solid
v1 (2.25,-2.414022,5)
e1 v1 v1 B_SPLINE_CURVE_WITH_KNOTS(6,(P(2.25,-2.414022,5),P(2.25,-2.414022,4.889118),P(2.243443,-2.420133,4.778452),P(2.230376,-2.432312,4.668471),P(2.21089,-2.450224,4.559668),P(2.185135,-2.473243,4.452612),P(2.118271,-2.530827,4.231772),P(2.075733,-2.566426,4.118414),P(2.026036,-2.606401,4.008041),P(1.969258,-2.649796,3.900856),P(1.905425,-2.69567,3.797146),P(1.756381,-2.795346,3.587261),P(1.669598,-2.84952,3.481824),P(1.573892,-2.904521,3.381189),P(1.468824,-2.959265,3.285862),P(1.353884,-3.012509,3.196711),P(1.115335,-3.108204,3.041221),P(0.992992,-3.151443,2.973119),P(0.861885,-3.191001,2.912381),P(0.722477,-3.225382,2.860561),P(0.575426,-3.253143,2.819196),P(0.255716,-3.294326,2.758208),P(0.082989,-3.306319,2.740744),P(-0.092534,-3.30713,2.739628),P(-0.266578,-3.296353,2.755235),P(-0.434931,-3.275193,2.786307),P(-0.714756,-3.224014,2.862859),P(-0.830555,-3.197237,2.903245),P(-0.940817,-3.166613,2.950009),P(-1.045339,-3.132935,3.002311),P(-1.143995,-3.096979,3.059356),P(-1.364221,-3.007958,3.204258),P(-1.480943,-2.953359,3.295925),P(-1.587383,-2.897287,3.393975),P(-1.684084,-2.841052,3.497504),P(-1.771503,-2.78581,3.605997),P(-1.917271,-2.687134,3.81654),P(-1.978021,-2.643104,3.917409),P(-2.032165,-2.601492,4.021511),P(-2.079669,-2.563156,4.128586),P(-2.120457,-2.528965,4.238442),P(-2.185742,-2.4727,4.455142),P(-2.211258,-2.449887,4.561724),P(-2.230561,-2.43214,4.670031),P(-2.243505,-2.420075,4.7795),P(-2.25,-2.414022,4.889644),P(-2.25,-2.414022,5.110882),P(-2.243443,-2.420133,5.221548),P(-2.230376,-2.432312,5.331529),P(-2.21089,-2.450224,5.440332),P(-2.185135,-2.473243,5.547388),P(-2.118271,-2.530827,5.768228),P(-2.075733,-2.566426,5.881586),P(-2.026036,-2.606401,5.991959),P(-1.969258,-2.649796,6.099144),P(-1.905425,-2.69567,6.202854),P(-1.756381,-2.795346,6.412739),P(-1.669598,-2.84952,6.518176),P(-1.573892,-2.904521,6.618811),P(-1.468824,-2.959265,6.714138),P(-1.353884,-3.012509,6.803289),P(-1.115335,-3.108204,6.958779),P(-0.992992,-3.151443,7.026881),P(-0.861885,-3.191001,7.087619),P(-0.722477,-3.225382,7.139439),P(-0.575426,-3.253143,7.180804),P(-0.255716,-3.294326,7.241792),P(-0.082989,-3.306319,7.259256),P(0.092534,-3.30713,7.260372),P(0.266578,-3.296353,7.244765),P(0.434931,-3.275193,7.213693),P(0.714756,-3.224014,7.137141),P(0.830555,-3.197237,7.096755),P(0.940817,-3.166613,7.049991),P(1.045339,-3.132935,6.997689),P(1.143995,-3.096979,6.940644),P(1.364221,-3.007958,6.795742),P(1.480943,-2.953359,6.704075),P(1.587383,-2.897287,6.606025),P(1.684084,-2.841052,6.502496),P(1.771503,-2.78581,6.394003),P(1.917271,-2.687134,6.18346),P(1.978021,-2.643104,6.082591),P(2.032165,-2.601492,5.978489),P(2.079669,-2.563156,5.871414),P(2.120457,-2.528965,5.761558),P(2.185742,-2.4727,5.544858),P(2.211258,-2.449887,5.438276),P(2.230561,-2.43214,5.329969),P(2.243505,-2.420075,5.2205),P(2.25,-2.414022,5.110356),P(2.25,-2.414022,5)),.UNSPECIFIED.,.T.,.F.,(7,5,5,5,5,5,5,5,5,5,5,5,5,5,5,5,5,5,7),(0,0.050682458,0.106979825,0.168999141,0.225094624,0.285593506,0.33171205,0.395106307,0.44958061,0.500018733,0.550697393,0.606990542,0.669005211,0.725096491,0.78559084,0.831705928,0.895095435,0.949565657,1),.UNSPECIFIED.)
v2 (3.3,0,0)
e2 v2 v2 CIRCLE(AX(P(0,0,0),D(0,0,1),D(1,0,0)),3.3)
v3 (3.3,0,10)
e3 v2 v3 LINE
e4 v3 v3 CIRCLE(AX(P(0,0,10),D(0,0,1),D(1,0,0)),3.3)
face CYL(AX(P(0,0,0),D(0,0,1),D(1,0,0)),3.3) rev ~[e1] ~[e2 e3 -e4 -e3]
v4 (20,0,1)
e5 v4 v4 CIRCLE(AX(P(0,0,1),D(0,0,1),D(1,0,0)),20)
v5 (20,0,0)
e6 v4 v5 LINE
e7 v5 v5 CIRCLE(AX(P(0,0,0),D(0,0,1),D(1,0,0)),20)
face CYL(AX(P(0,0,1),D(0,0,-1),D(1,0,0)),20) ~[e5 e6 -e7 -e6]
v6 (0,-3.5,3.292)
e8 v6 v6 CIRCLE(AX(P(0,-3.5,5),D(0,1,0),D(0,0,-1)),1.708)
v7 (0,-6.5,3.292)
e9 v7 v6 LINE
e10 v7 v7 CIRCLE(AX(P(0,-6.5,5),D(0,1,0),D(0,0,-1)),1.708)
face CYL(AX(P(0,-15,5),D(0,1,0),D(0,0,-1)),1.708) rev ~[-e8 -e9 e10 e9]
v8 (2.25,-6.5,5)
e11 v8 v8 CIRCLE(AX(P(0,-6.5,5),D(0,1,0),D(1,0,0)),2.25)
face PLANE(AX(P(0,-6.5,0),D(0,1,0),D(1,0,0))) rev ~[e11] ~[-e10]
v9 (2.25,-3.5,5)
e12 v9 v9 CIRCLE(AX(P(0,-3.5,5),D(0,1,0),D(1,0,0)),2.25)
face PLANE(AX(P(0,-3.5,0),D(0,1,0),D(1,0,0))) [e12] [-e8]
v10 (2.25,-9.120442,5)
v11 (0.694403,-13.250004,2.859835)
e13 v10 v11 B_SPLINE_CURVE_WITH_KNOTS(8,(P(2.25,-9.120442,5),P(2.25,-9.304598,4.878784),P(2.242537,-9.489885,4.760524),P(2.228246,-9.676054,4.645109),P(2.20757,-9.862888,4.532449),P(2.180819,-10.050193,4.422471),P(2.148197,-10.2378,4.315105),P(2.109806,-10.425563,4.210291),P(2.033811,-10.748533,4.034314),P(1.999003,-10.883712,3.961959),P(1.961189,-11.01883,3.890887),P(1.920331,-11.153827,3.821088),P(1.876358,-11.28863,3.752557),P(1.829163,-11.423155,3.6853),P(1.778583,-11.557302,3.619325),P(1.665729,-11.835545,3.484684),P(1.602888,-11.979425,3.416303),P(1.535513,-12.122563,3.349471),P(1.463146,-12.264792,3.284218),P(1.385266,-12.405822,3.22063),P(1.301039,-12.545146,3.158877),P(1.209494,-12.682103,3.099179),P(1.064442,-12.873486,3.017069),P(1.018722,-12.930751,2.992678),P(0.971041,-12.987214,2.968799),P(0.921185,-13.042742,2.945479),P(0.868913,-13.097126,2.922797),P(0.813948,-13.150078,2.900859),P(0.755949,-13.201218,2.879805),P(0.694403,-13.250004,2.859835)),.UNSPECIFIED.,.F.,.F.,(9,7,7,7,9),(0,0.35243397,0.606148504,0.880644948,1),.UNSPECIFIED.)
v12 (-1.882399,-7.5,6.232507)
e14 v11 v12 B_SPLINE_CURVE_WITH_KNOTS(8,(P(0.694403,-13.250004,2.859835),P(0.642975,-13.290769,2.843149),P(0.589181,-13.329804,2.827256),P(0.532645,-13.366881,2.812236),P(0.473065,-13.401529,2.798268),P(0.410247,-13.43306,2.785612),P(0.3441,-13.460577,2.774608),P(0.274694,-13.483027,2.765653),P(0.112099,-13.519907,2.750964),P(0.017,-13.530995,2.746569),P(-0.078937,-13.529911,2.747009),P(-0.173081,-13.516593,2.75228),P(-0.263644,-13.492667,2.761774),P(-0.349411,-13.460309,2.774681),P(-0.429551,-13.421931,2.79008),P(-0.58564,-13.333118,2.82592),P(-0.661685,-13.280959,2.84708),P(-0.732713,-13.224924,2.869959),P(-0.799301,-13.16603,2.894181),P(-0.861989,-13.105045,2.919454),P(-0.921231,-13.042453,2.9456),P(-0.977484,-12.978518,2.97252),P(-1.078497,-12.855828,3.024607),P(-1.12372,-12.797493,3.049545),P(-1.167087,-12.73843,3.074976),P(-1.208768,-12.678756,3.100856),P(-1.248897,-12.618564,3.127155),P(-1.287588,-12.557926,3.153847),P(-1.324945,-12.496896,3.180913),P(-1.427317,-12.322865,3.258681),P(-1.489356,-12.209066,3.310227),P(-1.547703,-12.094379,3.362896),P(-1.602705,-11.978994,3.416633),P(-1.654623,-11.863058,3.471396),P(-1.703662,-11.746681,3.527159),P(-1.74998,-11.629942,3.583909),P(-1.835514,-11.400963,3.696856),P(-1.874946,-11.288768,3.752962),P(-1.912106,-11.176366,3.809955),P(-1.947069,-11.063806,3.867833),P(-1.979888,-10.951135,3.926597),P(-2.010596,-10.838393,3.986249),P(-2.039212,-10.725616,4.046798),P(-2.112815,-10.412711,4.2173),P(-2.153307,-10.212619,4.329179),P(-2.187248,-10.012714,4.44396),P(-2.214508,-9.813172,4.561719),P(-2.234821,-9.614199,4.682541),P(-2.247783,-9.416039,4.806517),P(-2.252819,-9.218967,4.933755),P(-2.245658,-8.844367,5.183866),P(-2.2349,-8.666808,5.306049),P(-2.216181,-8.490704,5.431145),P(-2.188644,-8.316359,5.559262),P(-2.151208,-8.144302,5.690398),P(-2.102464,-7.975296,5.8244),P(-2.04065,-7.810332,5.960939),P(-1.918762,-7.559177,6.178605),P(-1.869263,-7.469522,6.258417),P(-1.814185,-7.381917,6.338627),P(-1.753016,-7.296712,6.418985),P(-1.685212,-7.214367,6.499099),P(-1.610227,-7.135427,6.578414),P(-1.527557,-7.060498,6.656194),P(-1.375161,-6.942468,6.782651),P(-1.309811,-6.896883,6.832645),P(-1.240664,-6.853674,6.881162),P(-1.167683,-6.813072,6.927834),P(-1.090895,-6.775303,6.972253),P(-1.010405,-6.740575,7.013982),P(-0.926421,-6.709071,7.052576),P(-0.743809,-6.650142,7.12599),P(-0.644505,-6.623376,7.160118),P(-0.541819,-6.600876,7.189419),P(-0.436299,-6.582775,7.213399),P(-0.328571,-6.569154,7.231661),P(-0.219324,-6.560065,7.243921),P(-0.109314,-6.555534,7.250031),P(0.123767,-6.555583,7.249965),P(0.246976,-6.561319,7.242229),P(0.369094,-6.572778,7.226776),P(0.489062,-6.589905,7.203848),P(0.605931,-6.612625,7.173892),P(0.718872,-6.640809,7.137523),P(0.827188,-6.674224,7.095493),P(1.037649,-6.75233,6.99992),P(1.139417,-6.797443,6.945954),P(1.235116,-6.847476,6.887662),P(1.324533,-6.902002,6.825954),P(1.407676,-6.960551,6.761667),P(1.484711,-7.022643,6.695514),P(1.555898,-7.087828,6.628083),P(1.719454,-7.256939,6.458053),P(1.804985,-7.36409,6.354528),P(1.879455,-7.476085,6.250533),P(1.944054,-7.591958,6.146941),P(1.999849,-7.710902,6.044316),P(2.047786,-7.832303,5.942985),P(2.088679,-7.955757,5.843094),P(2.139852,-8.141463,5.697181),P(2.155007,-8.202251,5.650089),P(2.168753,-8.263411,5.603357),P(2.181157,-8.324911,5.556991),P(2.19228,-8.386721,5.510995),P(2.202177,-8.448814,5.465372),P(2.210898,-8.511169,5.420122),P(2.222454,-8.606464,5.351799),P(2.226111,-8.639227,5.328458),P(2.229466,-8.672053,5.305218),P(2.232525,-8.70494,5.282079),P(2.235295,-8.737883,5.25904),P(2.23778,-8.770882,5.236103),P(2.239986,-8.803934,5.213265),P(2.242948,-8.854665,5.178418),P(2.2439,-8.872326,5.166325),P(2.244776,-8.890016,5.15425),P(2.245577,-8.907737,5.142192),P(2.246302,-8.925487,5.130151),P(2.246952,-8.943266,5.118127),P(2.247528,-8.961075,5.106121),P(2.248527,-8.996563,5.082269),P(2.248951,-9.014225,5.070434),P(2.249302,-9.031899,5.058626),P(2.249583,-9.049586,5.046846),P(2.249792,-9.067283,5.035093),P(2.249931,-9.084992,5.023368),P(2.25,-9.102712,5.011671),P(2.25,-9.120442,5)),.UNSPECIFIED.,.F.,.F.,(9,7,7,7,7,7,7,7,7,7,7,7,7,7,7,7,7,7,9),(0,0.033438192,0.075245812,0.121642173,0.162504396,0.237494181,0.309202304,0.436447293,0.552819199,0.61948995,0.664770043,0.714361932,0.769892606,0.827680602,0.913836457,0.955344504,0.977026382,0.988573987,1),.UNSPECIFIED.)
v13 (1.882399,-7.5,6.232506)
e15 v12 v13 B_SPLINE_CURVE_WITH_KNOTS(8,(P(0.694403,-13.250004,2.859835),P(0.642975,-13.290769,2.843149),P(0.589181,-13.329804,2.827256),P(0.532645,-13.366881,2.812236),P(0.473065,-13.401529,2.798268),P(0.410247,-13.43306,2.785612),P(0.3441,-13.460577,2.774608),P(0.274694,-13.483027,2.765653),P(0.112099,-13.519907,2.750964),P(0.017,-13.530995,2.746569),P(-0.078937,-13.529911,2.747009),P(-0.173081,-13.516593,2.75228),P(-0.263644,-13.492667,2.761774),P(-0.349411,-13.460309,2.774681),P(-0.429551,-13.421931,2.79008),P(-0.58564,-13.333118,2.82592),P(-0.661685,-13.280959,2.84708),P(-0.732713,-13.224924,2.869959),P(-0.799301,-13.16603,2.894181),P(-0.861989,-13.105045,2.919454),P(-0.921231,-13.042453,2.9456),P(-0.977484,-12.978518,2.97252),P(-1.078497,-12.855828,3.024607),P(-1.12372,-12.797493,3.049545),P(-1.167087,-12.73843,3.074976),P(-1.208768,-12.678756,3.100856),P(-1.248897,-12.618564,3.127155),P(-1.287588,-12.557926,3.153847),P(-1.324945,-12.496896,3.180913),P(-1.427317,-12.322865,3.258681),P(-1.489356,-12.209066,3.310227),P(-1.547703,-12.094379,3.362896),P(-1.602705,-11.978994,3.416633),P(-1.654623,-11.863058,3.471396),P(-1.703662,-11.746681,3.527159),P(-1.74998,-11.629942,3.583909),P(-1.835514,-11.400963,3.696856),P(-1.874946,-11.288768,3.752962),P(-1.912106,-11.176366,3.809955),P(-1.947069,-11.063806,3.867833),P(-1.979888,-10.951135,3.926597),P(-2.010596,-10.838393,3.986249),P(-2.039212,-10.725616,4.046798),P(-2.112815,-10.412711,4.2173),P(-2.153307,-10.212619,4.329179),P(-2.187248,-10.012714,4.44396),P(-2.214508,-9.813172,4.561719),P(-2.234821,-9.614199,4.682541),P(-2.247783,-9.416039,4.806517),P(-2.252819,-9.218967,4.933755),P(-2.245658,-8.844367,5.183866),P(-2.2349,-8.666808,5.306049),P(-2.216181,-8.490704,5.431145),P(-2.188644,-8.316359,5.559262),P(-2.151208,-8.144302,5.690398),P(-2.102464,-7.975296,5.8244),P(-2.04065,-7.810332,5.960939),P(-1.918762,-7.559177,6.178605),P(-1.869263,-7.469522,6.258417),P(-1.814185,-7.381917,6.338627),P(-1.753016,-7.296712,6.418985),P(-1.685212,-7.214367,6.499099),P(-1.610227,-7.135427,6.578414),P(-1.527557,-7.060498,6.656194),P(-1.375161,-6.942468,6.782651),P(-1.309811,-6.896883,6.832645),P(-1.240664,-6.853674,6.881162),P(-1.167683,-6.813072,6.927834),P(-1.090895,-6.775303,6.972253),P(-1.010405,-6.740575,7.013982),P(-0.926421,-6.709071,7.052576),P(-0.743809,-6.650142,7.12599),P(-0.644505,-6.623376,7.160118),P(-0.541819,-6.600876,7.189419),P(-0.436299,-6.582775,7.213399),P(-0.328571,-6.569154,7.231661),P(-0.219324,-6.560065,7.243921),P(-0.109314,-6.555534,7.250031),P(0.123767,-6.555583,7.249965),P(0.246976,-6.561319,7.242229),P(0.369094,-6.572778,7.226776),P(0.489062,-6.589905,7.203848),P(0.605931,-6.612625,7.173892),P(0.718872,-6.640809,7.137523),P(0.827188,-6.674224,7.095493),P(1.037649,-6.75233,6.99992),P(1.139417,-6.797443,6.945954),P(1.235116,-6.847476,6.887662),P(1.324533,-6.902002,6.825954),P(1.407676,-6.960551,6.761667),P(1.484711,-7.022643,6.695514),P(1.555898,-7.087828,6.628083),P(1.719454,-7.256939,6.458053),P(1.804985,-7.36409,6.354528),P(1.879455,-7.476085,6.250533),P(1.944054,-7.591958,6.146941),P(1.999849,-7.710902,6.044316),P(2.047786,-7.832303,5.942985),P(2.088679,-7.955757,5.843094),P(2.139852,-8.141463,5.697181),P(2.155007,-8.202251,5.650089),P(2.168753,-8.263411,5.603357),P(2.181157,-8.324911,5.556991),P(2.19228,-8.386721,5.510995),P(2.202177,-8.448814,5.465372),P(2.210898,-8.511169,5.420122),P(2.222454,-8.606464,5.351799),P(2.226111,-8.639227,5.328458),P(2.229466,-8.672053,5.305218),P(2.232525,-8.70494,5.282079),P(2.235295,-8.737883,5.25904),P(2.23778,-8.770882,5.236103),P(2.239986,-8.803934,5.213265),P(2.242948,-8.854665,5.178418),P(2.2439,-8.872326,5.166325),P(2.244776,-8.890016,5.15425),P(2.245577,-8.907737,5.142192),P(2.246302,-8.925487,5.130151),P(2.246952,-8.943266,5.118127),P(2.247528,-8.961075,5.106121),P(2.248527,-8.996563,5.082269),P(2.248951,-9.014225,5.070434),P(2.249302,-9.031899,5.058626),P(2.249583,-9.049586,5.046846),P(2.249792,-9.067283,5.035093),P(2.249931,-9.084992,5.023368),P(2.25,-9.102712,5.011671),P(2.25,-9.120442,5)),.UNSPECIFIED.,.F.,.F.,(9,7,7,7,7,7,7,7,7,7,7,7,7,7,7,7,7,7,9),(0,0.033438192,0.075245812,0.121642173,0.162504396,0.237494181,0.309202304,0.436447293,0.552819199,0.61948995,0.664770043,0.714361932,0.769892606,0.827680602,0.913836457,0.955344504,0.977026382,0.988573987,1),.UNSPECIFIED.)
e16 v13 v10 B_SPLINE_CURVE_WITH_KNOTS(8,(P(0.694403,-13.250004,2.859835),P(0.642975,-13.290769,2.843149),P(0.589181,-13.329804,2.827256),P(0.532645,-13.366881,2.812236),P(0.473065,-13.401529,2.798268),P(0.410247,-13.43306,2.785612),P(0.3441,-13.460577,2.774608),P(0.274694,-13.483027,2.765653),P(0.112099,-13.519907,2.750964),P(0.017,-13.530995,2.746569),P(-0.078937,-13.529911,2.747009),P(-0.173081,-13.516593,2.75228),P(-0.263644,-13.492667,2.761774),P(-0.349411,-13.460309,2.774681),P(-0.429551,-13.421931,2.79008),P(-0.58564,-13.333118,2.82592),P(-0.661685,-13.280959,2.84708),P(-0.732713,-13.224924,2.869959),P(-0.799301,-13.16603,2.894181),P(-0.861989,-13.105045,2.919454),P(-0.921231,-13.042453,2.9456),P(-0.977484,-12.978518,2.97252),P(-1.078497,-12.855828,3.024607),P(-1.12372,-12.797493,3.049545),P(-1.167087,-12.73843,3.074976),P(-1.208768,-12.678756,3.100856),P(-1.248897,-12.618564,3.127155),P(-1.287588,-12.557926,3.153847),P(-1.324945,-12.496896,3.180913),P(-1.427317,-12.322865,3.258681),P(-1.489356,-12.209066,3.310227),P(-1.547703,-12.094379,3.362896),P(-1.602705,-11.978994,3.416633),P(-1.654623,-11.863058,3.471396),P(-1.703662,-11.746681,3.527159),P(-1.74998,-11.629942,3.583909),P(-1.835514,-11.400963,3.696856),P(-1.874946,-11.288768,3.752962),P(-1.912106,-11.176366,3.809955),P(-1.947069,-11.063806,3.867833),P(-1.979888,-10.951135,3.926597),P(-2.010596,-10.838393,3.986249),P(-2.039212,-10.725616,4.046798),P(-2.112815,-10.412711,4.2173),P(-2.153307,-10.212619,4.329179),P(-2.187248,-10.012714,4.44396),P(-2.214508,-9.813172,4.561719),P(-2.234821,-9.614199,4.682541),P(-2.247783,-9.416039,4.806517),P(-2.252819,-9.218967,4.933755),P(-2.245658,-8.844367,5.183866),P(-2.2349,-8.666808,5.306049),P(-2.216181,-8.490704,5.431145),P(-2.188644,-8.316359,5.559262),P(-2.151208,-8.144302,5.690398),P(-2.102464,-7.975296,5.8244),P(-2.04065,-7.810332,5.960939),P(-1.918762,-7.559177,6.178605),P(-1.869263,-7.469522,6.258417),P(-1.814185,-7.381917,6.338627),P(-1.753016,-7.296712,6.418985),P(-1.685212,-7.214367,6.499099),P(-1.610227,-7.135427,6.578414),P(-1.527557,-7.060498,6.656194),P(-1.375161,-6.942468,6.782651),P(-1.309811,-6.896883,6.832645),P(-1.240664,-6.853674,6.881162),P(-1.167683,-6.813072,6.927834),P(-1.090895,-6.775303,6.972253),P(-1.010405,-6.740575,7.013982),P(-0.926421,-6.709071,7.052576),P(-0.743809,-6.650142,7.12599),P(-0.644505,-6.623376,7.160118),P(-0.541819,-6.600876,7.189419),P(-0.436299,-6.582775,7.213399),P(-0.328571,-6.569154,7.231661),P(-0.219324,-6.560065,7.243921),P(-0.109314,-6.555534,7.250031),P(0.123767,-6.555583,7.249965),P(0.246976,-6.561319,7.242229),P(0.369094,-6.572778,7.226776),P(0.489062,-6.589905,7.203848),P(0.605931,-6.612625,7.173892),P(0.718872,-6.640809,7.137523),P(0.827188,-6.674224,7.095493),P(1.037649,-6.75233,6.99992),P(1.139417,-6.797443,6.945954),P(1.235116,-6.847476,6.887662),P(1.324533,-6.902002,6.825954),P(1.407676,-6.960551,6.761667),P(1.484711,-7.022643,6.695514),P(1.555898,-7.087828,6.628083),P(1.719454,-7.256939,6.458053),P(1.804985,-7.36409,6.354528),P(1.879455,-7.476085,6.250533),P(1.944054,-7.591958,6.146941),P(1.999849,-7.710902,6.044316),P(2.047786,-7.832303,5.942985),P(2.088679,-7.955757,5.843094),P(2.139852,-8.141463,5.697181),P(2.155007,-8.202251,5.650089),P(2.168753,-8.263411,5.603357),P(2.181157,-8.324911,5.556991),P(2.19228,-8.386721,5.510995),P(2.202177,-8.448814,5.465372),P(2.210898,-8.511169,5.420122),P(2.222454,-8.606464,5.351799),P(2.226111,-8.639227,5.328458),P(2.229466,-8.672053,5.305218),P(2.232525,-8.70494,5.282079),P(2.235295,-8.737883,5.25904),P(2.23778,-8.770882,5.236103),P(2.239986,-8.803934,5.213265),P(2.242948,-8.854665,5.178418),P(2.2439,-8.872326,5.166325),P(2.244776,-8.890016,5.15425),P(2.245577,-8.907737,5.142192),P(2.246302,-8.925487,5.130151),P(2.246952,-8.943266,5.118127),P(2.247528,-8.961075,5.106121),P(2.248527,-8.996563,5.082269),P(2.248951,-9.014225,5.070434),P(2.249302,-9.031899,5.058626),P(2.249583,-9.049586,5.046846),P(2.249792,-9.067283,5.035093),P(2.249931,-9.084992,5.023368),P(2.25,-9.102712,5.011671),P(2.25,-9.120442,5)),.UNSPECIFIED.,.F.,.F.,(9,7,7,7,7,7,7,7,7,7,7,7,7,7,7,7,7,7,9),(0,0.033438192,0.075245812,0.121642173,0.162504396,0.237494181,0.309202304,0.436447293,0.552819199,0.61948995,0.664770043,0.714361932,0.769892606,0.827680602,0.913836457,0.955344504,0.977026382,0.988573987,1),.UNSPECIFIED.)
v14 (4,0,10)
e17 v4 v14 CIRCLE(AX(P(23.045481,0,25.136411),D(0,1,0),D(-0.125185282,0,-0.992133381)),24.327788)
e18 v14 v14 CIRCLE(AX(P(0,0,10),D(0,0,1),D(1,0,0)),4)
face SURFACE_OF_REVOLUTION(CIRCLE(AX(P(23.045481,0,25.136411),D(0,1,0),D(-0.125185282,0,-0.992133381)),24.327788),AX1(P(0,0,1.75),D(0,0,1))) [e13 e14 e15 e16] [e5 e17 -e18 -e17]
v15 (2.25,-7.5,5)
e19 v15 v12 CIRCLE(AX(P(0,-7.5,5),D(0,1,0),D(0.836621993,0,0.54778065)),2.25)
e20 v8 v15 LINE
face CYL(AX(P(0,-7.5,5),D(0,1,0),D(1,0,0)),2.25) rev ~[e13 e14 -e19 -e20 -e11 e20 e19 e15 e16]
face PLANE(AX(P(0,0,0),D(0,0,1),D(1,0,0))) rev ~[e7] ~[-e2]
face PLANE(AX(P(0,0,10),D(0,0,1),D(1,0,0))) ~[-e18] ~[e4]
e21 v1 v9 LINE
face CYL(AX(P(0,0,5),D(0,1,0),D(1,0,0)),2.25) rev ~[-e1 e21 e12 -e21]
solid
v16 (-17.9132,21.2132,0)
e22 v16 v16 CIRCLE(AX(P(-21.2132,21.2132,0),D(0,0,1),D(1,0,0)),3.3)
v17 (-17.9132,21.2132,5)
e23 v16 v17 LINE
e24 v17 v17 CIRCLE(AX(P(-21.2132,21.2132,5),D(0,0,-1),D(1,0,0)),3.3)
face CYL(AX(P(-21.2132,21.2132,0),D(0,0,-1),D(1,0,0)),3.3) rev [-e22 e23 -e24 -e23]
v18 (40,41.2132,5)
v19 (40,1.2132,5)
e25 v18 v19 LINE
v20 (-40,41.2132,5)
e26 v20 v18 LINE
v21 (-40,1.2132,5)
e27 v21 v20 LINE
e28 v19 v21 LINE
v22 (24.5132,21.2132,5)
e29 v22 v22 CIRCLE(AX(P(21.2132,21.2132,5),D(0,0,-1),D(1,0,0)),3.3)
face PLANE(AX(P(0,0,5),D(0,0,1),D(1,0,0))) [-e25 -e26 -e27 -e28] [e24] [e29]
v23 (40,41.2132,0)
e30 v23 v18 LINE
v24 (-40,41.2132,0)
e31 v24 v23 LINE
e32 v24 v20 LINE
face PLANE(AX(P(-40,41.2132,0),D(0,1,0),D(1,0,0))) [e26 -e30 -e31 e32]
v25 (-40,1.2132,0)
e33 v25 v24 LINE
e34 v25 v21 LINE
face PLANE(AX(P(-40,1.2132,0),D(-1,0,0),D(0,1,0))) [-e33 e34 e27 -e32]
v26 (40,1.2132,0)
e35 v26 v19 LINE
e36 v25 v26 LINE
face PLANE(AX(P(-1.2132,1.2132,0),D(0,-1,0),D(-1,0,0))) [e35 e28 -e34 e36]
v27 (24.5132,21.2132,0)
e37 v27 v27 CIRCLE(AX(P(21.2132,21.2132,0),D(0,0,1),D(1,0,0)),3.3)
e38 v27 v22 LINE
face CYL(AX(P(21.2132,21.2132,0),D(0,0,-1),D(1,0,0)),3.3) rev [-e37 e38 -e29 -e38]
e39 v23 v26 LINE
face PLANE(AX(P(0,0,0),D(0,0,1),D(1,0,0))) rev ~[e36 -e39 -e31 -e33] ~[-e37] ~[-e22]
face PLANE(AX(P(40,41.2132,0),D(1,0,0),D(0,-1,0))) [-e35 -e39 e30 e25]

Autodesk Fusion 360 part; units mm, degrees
sketch "Sketch1" plane through (0, 0, 0) normal (0, 0, 1) x (1, 0, 0)
  circle A0 centre (0, 0) radius 3.3
  circle A1 centre (0, 0) radius 20
  dimension "d1" = 6.6
sketch "Sketch2" plane through (0, 0, 0) normal (0, 1, 0) x (1, 0, 0)
  line L0 (20, 0) -> (3.3, 0)
  line L1 (3.3, 0) -> (3.3, -10)
  arc A0 (20, -1) -> (4, -10) centre (23.0455, -25.1364) ccw
  line L2 (3.3, -10) -> (4, -10)
  line L3 (20, -1) -> (20, 0)
  line L4 (4, -10) -> (20, -10)
  line L5 (20, -10) -> (20, -1)
revolve "Revolve1" add sketch "Sketch2" angle 360 about axis through (0, 0, 1.75) along (0, 0, 1) contours L0 L1 A0 L2 L3 makes body 1
sketch "Sketch3" plane through (0, 0, 0) normal (0, 1, 0) x (1, 0, 0)
  circle A0 centre (0, -5) radius 0.5
  circle A1 centre (0, -5) radius 2
  circle A2 centre (0, -5) radius 2.25
  dimension "d5" = 4.5
extrude "Extrude1" add sketch "Sketch3" against normal blind 15 contours A0 | A1 bodies 1
extrude "Extrude2" add sketch "Sketch3" against normal blind 15 contours A2 bodies 1
hole "Hole1" at (0, -15, 5) direction (0, 1, 0) diameter 3.416 depth 16 tip angle 180 bodies 1
extrude "Extrude3" cut sketch "Sketch3" against normal blind 3.5 contours A1 | A2 bodies 1
extrude "Extrude4" cut sketch "Sketch3" against normal blind 11 from surface at -7.5 contours A1 | A2 bodies 1
revolve "Revolve2" cut sketch "Sketch2" angle 360 about axis through (0, 0, 1.75) along (0, 0, 1) contours A0 L4 L5 bodies 1
extrude "Extrude5" cut sketch "Sketch3" against normal blind 9.5 from surface at -6.5 contours A1 | A2 bodies 1
sketch "Sketch1 (2)" plane through (0, 0, 0) normal (0, 0, 1) x (1, 0, 0) in component "4 Rod Base"
  line L0 (0, 0) -> (21.2132, 21.2132)
  line L1 (0, 0) -> (30, 0) construction
  line L2 (0, 0) -> (-21.2132, 21.2132)
  line L3 (0, 0) -> (-21.2132, -21.2132)
  line L4 (0, 0) -> (21.2132, -21.2132)
  circle A0 centre (-21.2132, 21.2132) radius 3.3
  circle A1 centre (-21.2132, -21.2132) radius 3.3
  circle A2 centre (21.2132, 21.2132) radius 3.3
  circle A3 centre (21.2132, -21.2132) radius 3.3
  line L5 (37.5, -37.5) -> (-37.5, -37.5)
  line L6 (-37.5, -37.5) -> (-37.5, 37.5)
  line L7 (-37.5, 37.5) -> (37.5, 37.5)
  line L8 (37.5, 37.5) -> (37.5, -37.5)
  line L9 (37.5, -37.5) -> (-37.5, 37.5) construction
  line L10 (-37.5, -37.5) -> (37.5, 37.5) construction
  dimension "d20" = 30
  dimension "d21" = 45
  dimension "d22" = 30
  dimension "d23" = 30
  dimension "d24" = 30
  dimension "d25" = 6.6
  dimension "d26" = 6.6
  dimension "d27" = 6.6
  dimension "d28" = 6.6
  dimension "d29" = 75
  dimension "d30" = 75
sketch "Sketch1 (3)" plane through (0, 0, 0) normal (0, 0, 1) x (1, 0, 0) in component "2 Rod Base"
  line L0 (0, 0) -> (-21.2132, 21.2132)
  line L1 (0, 0) -> (21.2132, 21.2132)
  circle A0 centre (21.2132, 21.2132) radius 3.3
  circle A1 centre (-21.2132, 21.2132) radius 3.3
  line L2 (-21.2132, 21.2132) -> (21.2132, 21.2132)
  line L3 (0, 21.2132) -> (0, 0)
  line L4 (40, 1.2132) -> (-40, 1.2132)
  line L5 (-40, 1.2132) -> (-40, 41.2132)
  line L6 (-40, 41.2132) -> (40, 41.2132)
  line L7 (40, 41.2132) -> (40, 1.2132)
  line L8 (40, 1.2132) -> (-40, 41.2132) construction
  line L9 (-40, 1.2132) -> (40, 41.2132) construction
  point P0 (0, 21.2132)
  dimension "d31" = 30
  dimension "d32" = 30
  dimension "d33" = 6.6
  dimension "d34" = 6.6
  dimension "d35" = 40
extrude "Extrude1'" add sketch "Sketch1 (3)" along normal blind 5 separate body contours L0 L1 A0 A1 L2 L4 L5 L6 L7 | L0 A1 L2 L3 L4 | L1 A0 L2 L3 L4 makes body 2 in component "2 Rod Base"
component "4 Rod Base" placed x (1, 0, 0) y (0, 1, 0) z (0, 0, 1) at (0, 0, 0)
component "2 Rod Base" placed x (1, 0, 0) y (0, 1, 0) z (0, 0, 1) at (0, 0, 0) in component "4 Rod Base"
